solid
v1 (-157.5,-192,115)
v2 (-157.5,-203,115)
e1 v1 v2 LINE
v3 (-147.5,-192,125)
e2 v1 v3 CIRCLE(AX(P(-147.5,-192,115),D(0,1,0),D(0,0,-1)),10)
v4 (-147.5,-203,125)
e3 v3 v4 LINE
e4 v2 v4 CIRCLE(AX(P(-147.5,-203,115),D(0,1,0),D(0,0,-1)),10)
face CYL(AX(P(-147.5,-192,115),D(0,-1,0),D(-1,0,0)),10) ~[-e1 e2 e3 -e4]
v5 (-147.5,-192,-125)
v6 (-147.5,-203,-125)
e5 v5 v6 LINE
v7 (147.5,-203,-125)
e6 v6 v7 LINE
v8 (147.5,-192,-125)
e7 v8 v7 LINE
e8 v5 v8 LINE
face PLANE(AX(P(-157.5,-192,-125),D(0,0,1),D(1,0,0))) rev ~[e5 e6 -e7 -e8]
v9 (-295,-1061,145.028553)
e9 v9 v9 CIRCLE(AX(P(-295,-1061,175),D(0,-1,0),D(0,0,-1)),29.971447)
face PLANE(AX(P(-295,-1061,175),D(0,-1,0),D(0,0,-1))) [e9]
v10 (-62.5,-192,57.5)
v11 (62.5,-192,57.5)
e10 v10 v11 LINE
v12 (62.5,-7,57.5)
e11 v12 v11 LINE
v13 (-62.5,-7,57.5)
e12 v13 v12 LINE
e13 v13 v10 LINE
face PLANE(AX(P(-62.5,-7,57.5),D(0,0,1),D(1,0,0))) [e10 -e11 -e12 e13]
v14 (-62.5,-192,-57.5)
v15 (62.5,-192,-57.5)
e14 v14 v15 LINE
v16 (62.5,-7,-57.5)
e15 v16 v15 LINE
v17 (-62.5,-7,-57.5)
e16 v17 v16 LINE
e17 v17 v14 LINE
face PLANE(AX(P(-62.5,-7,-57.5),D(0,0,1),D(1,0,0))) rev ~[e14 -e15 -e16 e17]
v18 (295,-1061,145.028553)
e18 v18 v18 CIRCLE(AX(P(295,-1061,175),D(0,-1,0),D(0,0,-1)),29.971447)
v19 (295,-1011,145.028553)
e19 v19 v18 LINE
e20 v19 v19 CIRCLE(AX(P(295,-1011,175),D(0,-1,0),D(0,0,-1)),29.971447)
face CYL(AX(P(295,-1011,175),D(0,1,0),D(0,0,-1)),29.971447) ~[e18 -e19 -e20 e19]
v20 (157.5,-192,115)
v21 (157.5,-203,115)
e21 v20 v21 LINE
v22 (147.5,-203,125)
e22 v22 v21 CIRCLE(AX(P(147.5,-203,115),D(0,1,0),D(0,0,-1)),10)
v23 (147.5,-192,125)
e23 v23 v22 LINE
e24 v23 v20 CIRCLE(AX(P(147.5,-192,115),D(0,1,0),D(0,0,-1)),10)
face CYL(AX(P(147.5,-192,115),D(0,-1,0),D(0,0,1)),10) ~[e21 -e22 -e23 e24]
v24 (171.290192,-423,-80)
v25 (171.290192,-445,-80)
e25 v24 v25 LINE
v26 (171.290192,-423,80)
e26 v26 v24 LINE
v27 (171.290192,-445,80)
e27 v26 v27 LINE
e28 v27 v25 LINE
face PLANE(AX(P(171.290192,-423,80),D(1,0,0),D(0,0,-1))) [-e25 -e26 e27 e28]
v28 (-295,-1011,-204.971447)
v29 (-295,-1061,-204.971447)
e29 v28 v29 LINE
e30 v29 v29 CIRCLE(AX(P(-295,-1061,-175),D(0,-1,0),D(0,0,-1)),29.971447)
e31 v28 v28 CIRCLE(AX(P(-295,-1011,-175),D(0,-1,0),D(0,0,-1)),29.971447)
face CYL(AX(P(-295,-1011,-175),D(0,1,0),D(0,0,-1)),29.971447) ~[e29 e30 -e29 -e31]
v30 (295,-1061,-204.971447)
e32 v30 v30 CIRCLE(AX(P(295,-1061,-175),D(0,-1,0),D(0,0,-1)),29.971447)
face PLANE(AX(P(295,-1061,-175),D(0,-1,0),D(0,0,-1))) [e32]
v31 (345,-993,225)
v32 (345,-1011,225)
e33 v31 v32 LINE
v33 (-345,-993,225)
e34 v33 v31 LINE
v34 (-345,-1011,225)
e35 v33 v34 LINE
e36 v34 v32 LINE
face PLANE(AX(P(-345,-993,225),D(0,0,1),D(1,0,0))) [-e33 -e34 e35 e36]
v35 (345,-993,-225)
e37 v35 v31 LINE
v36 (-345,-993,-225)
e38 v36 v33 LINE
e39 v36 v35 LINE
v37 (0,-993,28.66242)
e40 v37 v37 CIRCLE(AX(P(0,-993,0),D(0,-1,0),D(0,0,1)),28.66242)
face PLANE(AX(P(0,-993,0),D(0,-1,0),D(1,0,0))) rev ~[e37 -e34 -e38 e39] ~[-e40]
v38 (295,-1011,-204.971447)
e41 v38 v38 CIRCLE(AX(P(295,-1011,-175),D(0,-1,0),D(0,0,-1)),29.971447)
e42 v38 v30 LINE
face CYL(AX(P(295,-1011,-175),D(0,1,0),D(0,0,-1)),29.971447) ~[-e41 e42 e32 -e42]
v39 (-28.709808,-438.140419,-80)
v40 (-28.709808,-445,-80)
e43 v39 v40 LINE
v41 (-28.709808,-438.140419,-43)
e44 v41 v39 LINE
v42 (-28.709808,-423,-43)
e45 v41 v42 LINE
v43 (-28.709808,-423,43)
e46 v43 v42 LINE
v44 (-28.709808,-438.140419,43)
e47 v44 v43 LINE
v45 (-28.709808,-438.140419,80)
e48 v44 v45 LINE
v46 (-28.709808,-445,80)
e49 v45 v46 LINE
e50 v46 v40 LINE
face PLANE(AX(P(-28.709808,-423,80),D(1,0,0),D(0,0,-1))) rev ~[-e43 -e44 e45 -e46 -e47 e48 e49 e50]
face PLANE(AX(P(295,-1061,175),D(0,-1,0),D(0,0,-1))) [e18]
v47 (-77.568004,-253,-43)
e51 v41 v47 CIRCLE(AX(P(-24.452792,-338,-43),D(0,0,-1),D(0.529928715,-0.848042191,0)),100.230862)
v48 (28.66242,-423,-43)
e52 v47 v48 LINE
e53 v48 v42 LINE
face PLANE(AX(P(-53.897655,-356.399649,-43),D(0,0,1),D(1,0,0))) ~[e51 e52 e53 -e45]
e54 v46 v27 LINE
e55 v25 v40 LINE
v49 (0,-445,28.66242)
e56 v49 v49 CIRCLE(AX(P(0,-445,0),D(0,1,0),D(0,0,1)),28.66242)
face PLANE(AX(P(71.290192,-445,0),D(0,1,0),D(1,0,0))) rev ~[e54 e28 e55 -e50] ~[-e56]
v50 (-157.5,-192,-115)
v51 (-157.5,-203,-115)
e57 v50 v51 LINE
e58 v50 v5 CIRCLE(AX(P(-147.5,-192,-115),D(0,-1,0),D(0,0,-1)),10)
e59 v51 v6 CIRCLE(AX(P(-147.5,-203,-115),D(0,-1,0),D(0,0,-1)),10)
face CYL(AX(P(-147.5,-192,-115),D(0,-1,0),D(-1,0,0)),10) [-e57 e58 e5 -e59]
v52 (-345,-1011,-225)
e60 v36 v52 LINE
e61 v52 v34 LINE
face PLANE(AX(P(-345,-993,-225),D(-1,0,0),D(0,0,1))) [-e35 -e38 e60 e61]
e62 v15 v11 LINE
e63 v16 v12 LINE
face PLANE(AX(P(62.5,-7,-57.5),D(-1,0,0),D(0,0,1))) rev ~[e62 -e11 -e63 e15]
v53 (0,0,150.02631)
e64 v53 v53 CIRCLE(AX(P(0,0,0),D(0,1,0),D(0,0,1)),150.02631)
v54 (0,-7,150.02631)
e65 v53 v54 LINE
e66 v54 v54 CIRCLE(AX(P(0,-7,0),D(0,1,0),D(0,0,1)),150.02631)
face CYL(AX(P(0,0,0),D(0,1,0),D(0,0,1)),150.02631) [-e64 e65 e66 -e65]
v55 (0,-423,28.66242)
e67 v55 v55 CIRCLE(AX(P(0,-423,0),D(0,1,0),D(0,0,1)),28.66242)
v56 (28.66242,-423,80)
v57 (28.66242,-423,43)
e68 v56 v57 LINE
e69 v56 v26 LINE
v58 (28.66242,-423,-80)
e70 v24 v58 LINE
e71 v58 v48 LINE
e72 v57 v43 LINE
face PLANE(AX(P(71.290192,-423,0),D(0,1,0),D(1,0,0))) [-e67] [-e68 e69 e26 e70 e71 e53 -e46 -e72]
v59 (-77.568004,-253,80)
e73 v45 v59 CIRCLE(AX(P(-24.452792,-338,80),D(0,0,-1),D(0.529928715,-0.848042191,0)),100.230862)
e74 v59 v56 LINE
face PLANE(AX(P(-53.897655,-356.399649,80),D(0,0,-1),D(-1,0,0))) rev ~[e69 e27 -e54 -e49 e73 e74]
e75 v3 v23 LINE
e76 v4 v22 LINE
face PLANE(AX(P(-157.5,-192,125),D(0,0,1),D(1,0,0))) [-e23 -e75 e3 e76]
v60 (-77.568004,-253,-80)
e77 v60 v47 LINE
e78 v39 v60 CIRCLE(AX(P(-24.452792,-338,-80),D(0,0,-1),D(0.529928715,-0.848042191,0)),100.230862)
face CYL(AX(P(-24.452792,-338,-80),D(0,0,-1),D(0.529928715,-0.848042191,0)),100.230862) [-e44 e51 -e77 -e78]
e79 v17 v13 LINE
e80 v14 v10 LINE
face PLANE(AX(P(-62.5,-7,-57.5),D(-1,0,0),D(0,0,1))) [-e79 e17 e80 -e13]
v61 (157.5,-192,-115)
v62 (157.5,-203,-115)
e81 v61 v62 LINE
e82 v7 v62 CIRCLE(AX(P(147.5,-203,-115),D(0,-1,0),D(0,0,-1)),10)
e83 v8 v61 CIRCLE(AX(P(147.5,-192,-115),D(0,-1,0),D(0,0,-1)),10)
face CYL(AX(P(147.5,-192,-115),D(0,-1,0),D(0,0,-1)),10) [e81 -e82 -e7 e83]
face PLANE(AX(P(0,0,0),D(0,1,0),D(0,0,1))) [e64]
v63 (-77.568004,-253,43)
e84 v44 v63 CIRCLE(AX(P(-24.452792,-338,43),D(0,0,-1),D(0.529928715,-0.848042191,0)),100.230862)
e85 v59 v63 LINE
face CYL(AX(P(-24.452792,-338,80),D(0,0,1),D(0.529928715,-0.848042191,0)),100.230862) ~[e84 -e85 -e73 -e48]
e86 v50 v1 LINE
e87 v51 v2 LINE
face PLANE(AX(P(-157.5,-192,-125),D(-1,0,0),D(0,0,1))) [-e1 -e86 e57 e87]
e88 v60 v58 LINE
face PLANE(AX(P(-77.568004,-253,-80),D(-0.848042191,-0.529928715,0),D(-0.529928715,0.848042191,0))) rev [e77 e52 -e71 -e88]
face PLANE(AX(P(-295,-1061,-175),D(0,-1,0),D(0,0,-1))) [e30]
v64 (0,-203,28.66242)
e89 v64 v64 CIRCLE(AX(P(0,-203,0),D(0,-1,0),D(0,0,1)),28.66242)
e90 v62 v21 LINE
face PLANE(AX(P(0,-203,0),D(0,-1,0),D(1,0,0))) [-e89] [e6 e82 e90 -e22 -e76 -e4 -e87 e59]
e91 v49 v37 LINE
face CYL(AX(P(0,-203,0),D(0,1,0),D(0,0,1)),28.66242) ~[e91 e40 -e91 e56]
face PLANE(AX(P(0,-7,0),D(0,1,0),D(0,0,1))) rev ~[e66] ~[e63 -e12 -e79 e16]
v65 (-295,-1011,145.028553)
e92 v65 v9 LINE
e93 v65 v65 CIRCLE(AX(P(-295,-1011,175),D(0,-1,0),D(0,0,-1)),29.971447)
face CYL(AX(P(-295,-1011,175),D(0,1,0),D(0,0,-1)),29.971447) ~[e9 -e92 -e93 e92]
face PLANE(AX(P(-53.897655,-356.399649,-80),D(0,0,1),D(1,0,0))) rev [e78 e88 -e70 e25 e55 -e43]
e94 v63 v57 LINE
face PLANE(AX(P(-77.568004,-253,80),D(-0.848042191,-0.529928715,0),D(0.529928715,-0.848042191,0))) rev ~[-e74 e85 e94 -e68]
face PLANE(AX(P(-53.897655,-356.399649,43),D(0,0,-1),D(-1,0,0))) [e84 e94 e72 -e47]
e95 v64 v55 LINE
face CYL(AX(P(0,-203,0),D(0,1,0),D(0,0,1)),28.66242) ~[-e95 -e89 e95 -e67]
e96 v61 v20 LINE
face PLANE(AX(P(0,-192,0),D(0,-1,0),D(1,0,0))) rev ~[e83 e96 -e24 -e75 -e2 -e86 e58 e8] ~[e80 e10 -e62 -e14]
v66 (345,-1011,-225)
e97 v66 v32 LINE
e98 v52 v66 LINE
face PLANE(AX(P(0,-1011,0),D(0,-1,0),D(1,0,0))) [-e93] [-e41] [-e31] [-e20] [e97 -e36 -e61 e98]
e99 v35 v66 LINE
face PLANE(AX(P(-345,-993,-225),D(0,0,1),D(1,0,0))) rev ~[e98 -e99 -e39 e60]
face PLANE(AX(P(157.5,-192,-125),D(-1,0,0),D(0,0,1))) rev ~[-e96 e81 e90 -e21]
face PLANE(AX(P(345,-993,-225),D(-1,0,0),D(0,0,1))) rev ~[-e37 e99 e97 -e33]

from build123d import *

# Parameters (mm, degrees)
SKETCH2_R           = 150.026309836
BOSS_EXTRUDE1_DEPTH = 7
SKETCH3_W           = 125
SKETCH3_H           = 115
BOSS_EXTRUDE2_DEPTH = 185
SKETCH4_W           = 315
SKETCH4_H           = 250
BOSS_EXTRUDE3_DEPTH = 11
SKETCH5_R           = 28.662420382
BOSS_EXTRUDE4_DEPTH = 790
SKETCH6_W           = 690
SKETCH6_H           = 450
BOSS_EXTRUDE5_DEPTH = 18
SKETCH7_R           = 29.971446918
BOSS_EXTRUDE6_DEPTH = 50
BOSS_EXTRUDE7_DEPTH = 22
BOSS_EXTRUDE8_DEPTH = 37
FILLET1_R           = 10


with BuildPart() as part:
    # Sketch2 → Boss-Extrude1 (new body)
    with BuildSketch(Plane(origin=(0, 0, 0), x_dir=(1, 0, 0), z_dir=(0, 1, 0))):
        with Locations(Location((0, 0, 0), (0, 0, 270))):
            Circle(SKETCH2_R)
    extrude(amount=-BOSS_EXTRUDE1_DEPTH)

    # Sketch3 → Boss-Extrude2 (add)
    with BuildSketch(Plane.XZ.offset(7)):
        Rectangle(SKETCH3_W, SKETCH3_H)
    extrude(amount=BOSS_EXTRUDE2_DEPTH)

    # Sketch4 → Boss-Extrude3 (add)
    with BuildSketch(Plane.XZ.offset(192)):
        Rectangle(SKETCH4_W, SKETCH4_H)
    extrude(amount=BOSS_EXTRUDE3_DEPTH)

    # Sketch5 → Boss-Extrude4 (add)
    with BuildSketch(Plane.XZ.offset(203)):
        with Locations(Location((0, 0, 0), (0, 0, 90))):
            Circle(SKETCH5_R)
    extrude(amount=BOSS_EXTRUDE4_DEPTH)

    # Sketch6 → Boss-Extrude5 (add)
    with BuildSketch(Plane.XZ.offset(993)):
        Rectangle(SKETCH6_W, SKETCH6_H)
    extrude(amount=BOSS_EXTRUDE5_DEPTH)

    # Sketch7 → Boss-Extrude6 (add)
    with BuildSketch(Plane.XZ.offset(1011)):
        with Locations(Location((-295, 175, 0), (0, 0, 270))):
            Circle(SKETCH7_R)
        with Locations(Location((-295, -175, 0), (0, 0, 270))):
            Circle(SKETCH7_R)
        with Locations(Location((295, 175, 0), (0, 0, 270))):
            Circle(SKETCH7_R)
        with Locations(Location((295, -175, 0), (0, 0, 270))):
            Circle(SKETCH7_R)
    extrude(amount=BOSS_EXTRUDE6_DEPTH)

    # Sketch11 → Boss-Extrude7 (add)
    with BuildSketch(Plane(origin=(0, -423, 0), x_dir=(-1, 0, 0), z_dir=(0, -1, 0))):
        Polygon((28.709807748, 0), (28.709807748, -80), (-171.290192252, -80), (-171.290192252, 80), (28.709807748, 80), align=None)
    extrude(amount=BOSS_EXTRUDE7_DEPTH)

    # Sketch12 → Boss-Extrude8 (add)
    with BuildSketch(Plane.XY.offset(80)):
        with BuildLine():
            Line((-77.568003655, -253), (28.662420382, -423))
            ThreePointArc((28.662420382, -423), (-109.452791637, -391.115212019), (-77.568003655, -253))
        make_face()
    boss_extrude8 = extrude(amount=-BOSS_EXTRUDE8_DEPTH)

    # Mirror1: Boss-Extrude8 across plane
    add(boss_extrude8.mirror(Plane.XY))

    # Fillet1
    fillet1_edges = [part.edges().sort_by_distance(p)[0] for p in [
        (-157.5, -197.5, 125),
        (-157.5, -197.5, -125),
        (157.5, -197.5, -125),
        (157.5, -197.5, 125),
    ]]
    fillet(fillet1_edges, radius=FILLET1_R)


solid = part.part
